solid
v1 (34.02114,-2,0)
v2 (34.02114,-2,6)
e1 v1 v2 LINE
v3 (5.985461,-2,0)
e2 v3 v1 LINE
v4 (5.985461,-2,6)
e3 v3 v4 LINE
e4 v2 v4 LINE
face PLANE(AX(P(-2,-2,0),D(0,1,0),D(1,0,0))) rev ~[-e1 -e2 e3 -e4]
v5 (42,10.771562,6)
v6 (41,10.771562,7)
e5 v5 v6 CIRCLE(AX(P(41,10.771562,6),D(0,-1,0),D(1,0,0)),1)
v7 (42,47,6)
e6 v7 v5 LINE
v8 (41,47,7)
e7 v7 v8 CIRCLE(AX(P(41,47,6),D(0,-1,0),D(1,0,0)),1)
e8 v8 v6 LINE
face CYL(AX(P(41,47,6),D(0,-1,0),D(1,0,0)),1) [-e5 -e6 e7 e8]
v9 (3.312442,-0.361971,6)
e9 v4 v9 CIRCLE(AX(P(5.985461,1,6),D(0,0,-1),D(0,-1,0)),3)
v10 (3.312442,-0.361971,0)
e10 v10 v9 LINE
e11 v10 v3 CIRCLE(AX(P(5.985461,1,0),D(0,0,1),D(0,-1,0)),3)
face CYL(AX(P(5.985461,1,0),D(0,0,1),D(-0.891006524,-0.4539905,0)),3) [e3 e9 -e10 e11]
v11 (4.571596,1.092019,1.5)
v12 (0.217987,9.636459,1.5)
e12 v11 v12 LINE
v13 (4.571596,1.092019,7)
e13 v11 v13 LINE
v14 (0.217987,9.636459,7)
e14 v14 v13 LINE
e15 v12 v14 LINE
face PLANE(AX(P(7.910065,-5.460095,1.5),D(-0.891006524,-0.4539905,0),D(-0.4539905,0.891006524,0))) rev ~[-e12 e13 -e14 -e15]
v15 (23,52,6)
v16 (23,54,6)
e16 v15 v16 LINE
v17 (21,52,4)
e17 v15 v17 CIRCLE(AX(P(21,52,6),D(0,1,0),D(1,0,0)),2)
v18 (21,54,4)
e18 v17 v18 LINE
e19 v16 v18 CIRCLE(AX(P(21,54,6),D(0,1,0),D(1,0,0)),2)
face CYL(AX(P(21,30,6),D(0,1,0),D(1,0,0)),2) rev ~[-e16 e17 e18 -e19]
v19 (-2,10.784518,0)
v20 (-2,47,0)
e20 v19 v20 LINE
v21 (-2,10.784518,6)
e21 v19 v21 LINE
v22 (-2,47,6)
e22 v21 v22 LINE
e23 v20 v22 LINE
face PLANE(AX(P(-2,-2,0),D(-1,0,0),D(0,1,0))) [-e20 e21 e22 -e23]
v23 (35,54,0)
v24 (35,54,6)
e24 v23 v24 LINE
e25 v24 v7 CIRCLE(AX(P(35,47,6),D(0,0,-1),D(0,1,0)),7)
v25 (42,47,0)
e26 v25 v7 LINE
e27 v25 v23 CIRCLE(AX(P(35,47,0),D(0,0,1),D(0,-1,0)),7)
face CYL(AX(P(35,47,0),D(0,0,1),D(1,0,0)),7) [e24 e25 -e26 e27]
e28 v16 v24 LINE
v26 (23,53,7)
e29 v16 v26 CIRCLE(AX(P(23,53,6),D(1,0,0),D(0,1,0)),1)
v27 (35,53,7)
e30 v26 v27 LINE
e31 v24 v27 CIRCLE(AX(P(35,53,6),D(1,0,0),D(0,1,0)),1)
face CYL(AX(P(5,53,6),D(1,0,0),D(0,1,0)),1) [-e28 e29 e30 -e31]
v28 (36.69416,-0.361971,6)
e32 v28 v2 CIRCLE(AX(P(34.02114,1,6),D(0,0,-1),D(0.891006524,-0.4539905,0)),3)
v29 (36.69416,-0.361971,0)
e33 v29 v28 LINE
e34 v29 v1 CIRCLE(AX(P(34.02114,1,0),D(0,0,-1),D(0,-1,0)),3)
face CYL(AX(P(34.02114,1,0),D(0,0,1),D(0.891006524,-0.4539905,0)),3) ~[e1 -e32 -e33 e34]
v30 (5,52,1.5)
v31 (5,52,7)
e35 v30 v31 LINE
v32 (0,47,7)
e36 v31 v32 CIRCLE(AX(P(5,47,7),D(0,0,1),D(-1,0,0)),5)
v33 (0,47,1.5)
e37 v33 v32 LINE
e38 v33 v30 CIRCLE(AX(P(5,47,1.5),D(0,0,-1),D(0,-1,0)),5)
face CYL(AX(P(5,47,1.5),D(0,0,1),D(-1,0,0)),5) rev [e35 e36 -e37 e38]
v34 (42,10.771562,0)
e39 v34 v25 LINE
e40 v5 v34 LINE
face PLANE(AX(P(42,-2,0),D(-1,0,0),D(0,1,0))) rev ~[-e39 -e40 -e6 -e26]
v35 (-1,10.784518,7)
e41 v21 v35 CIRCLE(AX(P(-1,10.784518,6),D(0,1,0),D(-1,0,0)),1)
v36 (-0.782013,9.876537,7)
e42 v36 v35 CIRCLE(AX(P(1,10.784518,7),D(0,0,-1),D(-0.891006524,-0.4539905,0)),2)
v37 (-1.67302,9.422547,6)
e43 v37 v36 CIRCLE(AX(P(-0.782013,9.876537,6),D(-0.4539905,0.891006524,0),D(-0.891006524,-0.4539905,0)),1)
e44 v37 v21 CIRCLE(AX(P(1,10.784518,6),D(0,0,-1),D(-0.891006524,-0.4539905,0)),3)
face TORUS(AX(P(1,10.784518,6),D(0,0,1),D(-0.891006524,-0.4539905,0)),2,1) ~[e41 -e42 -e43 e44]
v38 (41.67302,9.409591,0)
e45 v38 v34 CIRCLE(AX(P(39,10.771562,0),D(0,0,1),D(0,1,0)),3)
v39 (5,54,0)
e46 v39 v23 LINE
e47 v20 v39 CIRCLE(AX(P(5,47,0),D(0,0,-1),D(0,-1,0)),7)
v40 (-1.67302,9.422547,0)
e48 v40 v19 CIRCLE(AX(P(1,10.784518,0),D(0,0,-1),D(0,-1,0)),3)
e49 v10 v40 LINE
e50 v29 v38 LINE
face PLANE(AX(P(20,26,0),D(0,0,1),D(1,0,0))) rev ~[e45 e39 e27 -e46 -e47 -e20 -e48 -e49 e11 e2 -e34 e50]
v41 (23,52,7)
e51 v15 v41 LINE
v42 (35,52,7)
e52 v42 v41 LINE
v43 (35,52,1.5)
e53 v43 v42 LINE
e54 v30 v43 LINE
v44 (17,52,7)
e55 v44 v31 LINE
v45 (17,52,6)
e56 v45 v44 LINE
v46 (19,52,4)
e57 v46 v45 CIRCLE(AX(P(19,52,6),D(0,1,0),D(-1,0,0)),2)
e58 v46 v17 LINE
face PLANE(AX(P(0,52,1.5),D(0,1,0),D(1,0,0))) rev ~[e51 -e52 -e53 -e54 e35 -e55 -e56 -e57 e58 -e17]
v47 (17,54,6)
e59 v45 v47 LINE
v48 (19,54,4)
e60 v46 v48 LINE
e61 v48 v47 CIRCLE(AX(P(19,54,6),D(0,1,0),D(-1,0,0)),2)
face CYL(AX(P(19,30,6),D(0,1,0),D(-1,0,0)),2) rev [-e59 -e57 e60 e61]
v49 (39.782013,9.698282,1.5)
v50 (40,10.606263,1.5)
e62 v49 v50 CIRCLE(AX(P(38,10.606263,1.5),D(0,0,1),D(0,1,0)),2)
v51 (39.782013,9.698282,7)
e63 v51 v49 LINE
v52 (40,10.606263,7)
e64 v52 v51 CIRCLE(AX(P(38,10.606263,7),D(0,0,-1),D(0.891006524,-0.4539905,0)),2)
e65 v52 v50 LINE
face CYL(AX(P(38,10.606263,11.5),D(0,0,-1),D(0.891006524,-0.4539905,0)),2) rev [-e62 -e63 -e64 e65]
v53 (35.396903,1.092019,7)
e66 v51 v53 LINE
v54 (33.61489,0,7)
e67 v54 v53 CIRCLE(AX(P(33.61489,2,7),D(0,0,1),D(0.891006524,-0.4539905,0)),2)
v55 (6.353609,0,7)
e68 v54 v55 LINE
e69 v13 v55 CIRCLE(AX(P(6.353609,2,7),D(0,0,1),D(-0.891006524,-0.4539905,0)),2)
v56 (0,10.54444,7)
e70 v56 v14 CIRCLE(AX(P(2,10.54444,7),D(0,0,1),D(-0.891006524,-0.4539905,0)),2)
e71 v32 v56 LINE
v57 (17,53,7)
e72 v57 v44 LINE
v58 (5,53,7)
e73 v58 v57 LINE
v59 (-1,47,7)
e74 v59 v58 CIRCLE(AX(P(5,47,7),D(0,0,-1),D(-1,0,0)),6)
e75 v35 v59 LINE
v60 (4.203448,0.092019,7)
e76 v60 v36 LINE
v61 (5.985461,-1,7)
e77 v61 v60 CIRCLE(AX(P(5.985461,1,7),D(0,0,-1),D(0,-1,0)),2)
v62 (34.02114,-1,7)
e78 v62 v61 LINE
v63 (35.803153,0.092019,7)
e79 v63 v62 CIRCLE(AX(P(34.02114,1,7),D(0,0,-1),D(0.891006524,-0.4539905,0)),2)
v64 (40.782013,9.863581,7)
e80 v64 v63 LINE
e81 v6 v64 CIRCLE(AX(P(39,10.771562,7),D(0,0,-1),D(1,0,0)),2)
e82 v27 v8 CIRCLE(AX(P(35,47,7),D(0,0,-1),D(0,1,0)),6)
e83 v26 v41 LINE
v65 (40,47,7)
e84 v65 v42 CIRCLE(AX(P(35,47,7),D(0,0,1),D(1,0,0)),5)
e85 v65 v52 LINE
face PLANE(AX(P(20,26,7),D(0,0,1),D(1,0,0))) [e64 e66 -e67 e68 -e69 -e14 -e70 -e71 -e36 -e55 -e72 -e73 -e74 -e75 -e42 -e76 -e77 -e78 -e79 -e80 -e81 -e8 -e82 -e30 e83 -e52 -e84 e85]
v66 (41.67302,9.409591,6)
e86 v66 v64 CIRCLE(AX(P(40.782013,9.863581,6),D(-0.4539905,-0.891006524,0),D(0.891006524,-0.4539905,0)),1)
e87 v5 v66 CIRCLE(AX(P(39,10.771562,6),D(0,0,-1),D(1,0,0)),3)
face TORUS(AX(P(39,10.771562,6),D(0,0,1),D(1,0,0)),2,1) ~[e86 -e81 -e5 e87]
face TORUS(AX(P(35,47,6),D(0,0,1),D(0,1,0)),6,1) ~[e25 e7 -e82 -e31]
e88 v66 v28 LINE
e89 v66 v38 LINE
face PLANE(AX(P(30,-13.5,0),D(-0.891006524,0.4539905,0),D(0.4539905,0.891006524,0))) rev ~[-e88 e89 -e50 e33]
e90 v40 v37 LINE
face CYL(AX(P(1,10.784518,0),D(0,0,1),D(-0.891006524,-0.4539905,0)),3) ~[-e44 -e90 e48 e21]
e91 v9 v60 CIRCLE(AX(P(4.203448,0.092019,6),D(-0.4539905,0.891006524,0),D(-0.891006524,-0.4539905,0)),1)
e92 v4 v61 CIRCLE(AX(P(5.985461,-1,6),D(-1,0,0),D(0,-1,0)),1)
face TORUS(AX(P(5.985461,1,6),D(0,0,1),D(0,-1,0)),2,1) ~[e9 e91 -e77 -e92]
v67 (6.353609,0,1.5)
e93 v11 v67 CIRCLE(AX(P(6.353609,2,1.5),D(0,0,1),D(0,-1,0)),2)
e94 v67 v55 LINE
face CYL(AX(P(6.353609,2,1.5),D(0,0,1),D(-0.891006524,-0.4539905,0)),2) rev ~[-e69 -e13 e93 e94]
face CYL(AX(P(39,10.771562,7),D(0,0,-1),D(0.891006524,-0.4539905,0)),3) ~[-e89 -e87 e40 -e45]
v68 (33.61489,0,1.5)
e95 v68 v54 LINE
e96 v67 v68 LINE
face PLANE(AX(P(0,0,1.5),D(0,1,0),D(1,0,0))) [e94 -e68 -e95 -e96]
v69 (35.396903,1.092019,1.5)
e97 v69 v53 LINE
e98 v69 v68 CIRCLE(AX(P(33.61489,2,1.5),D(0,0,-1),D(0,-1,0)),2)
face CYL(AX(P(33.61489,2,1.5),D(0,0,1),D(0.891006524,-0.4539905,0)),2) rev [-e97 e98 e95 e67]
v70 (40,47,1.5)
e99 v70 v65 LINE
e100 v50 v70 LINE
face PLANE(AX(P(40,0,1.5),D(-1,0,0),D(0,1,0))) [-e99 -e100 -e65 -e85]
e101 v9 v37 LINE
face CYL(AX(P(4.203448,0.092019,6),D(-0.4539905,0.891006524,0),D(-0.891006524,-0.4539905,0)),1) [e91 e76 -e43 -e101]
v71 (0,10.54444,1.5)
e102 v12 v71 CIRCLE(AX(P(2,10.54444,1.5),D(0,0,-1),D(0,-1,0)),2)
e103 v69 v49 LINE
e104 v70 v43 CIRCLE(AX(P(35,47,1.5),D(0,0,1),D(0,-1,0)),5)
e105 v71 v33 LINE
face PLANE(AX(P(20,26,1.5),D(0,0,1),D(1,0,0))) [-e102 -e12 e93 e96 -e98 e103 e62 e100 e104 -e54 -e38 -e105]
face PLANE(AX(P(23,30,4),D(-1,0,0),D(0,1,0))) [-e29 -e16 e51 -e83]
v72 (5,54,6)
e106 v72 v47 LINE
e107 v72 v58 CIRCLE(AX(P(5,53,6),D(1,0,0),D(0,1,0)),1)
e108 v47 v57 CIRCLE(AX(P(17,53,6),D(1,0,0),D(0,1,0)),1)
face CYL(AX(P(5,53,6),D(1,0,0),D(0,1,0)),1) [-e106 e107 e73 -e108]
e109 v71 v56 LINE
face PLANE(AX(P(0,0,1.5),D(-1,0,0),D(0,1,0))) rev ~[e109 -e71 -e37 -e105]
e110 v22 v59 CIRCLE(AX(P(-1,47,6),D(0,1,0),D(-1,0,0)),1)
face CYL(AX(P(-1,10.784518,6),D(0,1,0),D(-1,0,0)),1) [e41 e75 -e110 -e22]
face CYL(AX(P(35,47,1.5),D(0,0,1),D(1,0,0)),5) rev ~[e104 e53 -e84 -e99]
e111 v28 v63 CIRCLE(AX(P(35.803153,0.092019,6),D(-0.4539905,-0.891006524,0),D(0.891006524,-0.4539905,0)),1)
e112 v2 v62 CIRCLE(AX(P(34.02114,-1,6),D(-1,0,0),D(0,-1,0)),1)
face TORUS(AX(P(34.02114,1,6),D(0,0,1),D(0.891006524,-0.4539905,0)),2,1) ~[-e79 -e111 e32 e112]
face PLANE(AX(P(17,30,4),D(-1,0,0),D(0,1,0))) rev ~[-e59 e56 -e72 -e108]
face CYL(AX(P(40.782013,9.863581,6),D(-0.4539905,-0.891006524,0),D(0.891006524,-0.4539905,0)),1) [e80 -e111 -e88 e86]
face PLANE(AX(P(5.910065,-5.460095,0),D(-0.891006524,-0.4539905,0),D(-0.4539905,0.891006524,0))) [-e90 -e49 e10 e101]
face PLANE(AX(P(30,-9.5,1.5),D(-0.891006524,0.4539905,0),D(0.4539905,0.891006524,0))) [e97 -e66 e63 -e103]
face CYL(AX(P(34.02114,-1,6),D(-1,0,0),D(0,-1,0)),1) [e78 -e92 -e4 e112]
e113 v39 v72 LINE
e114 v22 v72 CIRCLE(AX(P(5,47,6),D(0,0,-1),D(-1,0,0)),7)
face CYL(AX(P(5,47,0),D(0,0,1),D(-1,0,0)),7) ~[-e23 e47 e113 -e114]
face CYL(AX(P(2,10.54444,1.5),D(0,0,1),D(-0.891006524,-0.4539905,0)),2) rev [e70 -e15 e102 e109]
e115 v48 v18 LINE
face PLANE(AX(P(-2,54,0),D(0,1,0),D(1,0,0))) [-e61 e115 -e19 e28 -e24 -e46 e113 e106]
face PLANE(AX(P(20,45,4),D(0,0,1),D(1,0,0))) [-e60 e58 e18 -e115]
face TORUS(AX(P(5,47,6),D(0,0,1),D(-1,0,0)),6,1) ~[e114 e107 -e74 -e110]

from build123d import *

# Parameters (mm, degrees)
BOX006_W               = 6
BOX006_H               = 30
BOX006_DEPTH           = 10
FILLET007_R            = 2
BOX002_W               = 10
BOX002_H               = 100
BOX002_DEPTH           = 10
BOX002_PLACEMENT_ANGLE = -27
BOX001_W               = 10
BOX001_H               = 100
BOX001_DEPTH           = 10
BOX001_PLACEMENT_ANGLE = 27
BOX_W                  = 40
BOX_H                  = 52
BOX_DEPTH              = 10
FILLET_R               = 5
FILLET001_R            = 2
FILLET002_R            = 2
BOX005_W               = 10
BOX005_H               = 100
BOX005_DEPTH           = 10
BOX005_PLACEMENT_ANGLE = 27
BOX004_W               = 10
BOX004_H               = 100
BOX004_DEPTH           = 10
BOX004_PLACEMENT_ANGLE = -27
BOX003_W               = 44
BOX003_H               = 56
BOX003_DEPTH           = 7
FILLET003_R            = 7
FILLET004_R            = 3
FILLET005_R            = 3
FILLET006_R            = 1


with BuildPart() as fillet007:
    # Box006 → Box006 (new body)
    with BuildSketch(Plane(origin=(17, 30, 0), x_dir=(1, 0, 0), z_dir=(0, 0, 1))):
        with Locations((3, 15)):
            Rectangle(BOX006_W, BOX006_H)
    extrude(amount=BOX006_DEPTH)

    # Fillet007
    fillet007_edges = [fillet007.edges().sort_by_distance(p)[0] for p in [
        (17, 45, 0),
        (23, 45, 0),
    ]]
    fillet(fillet007_edges, radius=FILLET007_R)


with BuildPart() as fillet007_1:
    # Fillet007 placement: moved
    add(fillet007.part.moved(Location((0, 0, 4))))


with BuildPart() as cube002:
    # Box002 → Box002 (new body)
    with BuildSketch(Plane.XY):
        with Locations((5, 50)):
            Rectangle(BOX002_W, BOX002_H)
    extrude(amount=BOX002_DEPTH)


with BuildPart() as cube002_1:
    # Box002 placement: moved
    add(cube002.part.moved(Location((30, -9.5, 0))).rotate(Axis((30, -9.5, 0), (0, 0, 1)), BOX002_PLACEMENT_ANGLE))


with BuildPart() as cube001:
    # Box001 → Box001 (new body)
    with BuildSketch(Plane.XY):
        with Locations((5, 50)):
            Rectangle(BOX001_W, BOX001_H)
    extrude(amount=BOX001_DEPTH)


with BuildPart() as cube001_1:
    # Box001 placement: moved
    add(cube001.part.moved(Location((-1, -10, 0))).rotate(Axis((-1, -10, 0), (0, 0, 1)), BOX001_PLACEMENT_ANGLE))


with BuildPart() as gps_profile:
    # Box → Box (new body)
    with BuildSketch(Plane.XY):
        with Locations((20, 26)):
            Rectangle(BOX_W, BOX_H)
    extrude(amount=BOX_DEPTH)

    # Fillet
    fillet_edges = [gps_profile.edges().sort_by_distance(p)[0] for p in [
        (0, 52, 5),
        (40, 52, 5),
    ]]
    fillet(fillet_edges, radius=FILLET_R)

    # Cut: cut Cube001
    add(cube001_1.part, mode=Mode.SUBTRACT)

    # Cut001: cut Cube002
    add(cube002_1.part, mode=Mode.SUBTRACT)

    # Fillet001
    fillet001_edges = [gps_profile.edges().sort_by_distance(p)[0] for p in [
        (5.128008, 0, 5),
        (34.840492, 0, 5),
    ]]
    fillet(fillet001_edges, radius=FILLET001_R)

    # Fillet002
    fillet002_edges = [gps_profile.edges().sort_by_distance(p)[0] for p in [
        (40, 10.126105, 5),
        (0, 10.064282, 5),
    ]]
    fillet(fillet002_edges, radius=FILLET002_R)


with BuildPart() as gps_profile_1:
    # Fillet002 placement: moved
    add(gps_profile.part.moved(Location((0, 0, 1.5))))


with BuildPart() as cube005:
    # Box005 → Box005 (new body)
    with BuildSketch(Plane.XY):
        with Locations((5, 50)):
            Rectangle(BOX005_W, BOX005_H)
    extrude(amount=BOX005_DEPTH)


with BuildPart() as cube005_1:
    # Box005 placement: moved
    add(cube005.part.moved(Location((-3, -10, 0))).rotate(Axis((-3, -10, 0), (0, 0, 1)), BOX005_PLACEMENT_ANGLE))


with BuildPart() as cube004:
    # Box004 → Box004 (new body)
    with BuildSketch(Plane.XY):
        with Locations((5, 50)):
            Rectangle(BOX004_W, BOX004_H)
    extrude(amount=BOX004_DEPTH)


with BuildPart() as cube004_1:
    # Box004 placement: moved
    add(cube004.part.moved(Location((30, -13.5, 0))).rotate(Axis((30, -13.5, 0), (0, 0, 1)), BOX004_PLACEMENT_ANGLE))


with BuildPart() as gps_mount:
    # Box003 → Box003 (new body)
    with BuildSketch(Plane(origin=(-2, -2, 0), x_dir=(1, 0, 0), z_dir=(0, 0, 1))):
        with Locations((22, 28)):
            Rectangle(BOX003_W, BOX003_H)
    extrude(amount=BOX003_DEPTH)

    # Fillet003
    fillet003_edges = [gps_mount.edges().sort_by_distance(p)[0] for p in [
        (-2, 54, 3.5),
        (42, 54, 3.5),
    ]]
    fillet(fillet003_edges, radius=FILLET003_R)

    # Cut002: cut Cube004
    add(cube004_1.part, mode=Mode.SUBTRACT)

    # Cut003: cut Cube005
    add(cube005_1.part, mode=Mode.SUBTRACT)

    # Fillet004
    fillet004_edges = [gps_mount.edges().sort_by_distance(p)[0] for p in [
        (4.147059, -2, 3.5),
        (35.859543, -2, 3.5),
    ]]
    fillet(fillet004_edges, radius=FILLET004_R)

    # Fillet005
    fillet005_edges = [gps_mount.edges().sort_by_distance(p)[0] for p in [
        (42, 10.051326, 3.5),
        (-2, 10.064282, 3.5),
    ]]
    fillet(fillet005_edges, radius=FILLET005_R)

    # Cut004: cut GPS Profile
    add(gps_profile_1.part, mode=Mode.SUBTRACT)

    # Fillet006
    fillet006_edges = [gps_mount.edges().sort_by_distance(p)[0] for p in [
        (39.18359, 4.52381, 7),
        (41.91711, 10.071226, 7),
        (35.588636, -1.55792, 7),
        (42, 28.885781, 7),
        (20.003301, -2, 7),
        (39.949747, 51.949747, 7),
        (4.417965, -1.55792, 7),
        (20, 54, 7),
        (0.819711, 4.530288, 7),
        (0.050253, 51.949747, 7),
        (-1.91711, 10.084182, 7),
        (-2, 28.892259, 7),
    ]]
    fillet(fillet006_edges, radius=FILLET006_R)

    # Cut005: cut Fillet007
    add(fillet007_1.part, mode=Mode.SUBTRACT)


solid = gps_mount.part
